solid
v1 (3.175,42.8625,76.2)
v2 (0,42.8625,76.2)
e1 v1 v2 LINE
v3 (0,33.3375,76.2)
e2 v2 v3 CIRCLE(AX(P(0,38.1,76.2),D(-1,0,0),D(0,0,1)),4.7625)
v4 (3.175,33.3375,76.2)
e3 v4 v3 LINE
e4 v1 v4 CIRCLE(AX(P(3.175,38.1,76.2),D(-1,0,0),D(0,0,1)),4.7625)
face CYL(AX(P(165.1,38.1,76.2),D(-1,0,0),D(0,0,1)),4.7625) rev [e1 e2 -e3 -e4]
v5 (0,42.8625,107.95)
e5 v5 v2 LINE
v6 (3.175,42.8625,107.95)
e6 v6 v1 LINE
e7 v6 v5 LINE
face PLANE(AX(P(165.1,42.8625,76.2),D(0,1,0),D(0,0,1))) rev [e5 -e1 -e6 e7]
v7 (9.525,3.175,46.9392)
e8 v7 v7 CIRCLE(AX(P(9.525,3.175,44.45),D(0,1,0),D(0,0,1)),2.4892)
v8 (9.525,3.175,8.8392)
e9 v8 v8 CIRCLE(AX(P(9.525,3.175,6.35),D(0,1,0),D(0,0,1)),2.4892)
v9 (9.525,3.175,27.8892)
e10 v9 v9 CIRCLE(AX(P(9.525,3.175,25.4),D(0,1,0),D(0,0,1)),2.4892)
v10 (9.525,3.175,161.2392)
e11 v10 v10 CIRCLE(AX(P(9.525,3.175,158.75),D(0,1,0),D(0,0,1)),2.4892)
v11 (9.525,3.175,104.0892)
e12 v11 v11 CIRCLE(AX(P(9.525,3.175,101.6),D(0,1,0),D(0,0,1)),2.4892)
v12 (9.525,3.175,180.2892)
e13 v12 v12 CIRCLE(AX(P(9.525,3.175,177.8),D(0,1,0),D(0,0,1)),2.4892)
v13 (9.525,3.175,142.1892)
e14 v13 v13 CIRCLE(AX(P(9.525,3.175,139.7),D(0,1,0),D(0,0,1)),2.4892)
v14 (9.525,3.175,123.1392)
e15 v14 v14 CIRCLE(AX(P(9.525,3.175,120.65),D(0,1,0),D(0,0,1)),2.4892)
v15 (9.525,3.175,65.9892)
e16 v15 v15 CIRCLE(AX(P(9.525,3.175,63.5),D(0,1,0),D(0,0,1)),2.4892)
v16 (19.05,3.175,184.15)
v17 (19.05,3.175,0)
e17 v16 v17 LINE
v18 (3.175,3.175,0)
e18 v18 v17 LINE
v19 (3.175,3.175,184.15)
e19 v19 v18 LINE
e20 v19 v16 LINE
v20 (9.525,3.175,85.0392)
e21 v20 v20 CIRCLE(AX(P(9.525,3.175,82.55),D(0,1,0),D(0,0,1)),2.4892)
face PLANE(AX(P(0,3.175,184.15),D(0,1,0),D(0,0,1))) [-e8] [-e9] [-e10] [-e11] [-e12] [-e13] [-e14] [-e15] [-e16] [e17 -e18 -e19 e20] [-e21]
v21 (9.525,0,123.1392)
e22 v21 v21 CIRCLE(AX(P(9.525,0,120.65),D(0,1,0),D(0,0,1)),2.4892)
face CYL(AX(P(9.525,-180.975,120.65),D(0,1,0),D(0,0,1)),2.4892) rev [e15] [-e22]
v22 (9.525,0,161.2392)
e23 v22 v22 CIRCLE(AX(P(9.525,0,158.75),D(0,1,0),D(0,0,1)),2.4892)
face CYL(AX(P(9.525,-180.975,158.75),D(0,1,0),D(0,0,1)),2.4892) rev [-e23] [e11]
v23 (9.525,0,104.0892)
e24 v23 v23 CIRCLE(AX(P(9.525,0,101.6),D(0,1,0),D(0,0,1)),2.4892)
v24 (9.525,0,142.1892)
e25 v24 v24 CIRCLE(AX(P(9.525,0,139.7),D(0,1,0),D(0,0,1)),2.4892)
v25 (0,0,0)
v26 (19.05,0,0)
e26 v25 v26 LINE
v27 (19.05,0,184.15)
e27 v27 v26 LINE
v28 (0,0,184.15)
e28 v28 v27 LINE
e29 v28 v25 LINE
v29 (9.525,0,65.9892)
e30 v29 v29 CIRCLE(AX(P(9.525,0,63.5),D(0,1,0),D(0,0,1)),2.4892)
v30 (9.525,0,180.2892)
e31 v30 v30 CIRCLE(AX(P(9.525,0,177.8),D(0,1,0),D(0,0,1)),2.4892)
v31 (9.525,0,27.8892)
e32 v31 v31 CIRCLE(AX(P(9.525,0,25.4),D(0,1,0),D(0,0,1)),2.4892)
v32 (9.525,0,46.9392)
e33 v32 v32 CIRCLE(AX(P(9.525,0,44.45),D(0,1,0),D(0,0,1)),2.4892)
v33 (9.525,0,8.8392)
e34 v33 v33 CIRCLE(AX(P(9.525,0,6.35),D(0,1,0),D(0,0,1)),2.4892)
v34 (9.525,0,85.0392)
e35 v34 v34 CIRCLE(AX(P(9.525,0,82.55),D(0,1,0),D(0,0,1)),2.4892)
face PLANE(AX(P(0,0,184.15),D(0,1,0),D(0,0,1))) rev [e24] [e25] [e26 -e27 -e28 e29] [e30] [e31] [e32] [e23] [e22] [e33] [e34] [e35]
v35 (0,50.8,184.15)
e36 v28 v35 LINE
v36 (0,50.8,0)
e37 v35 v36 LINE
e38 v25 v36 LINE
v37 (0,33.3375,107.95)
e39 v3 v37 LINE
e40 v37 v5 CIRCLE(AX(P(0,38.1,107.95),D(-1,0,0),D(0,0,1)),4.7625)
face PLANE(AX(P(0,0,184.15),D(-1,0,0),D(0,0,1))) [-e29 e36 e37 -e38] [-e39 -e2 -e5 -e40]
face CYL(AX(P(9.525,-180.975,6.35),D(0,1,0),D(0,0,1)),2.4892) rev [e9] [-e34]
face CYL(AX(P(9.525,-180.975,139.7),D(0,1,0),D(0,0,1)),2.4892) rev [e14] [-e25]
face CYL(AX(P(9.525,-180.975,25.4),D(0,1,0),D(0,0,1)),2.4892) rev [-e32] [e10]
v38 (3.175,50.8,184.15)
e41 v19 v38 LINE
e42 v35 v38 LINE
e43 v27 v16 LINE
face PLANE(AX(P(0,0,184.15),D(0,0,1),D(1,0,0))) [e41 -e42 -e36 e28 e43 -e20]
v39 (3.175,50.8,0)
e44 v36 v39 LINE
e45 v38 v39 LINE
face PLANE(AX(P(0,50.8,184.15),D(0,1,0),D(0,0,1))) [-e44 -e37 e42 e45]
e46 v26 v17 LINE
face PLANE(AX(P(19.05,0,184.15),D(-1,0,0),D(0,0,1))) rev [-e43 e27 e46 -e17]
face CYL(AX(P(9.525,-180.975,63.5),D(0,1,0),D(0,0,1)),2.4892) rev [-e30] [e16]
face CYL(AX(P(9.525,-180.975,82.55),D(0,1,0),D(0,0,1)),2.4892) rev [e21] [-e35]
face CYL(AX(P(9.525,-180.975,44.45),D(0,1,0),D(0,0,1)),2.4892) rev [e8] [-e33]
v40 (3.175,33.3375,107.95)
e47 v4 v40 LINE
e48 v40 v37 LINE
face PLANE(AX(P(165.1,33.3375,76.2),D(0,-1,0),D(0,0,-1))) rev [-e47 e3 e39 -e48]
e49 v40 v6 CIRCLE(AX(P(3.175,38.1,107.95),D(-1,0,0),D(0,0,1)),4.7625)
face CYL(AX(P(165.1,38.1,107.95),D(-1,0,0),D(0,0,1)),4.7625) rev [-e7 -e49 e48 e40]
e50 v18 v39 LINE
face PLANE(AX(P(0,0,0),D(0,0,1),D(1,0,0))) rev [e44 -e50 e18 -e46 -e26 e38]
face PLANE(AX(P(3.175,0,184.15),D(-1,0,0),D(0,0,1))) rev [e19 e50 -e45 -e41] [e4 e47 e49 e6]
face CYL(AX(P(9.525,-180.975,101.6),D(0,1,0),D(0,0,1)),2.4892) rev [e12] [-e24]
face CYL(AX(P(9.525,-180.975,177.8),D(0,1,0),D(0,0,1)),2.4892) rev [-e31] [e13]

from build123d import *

# Parameters (mm, degrees)
SKETCH1_W           = 3.175
SKETCH1_H           = 47.625
SKETCH1_H_2         = 3.175
SKETCH1_W_2         = 15.875
BOSS_EXTRUDE1_DEPTH = 184.15
SKETCH2_R           = 2.4892
CUT_EXTRUDE1_DEPTH  = 184.15
CUT_EXTRUDE2_DEPTH  = 165.1


with BuildPart() as part:
    # Sketch1 → Boss-Extrude1 (new body)
    with BuildSketch(Plane.XY):
        with Locations((1.5875, 26.9875)):
            Rectangle(SKETCH1_W, SKETCH1_H)
        with Locations((1.5875, 1.5875)):
            Rectangle(SKETCH1_W, SKETCH1_H_2)
        with Locations((11.1125, 1.5875)):
            Rectangle(SKETCH1_W_2, SKETCH1_H_2)
    extrude(amount=BOSS_EXTRUDE1_DEPTH)

    # Sketch2 → Cut-Extrude1 (cut)
    with BuildSketch(Plane(origin=(0, 3.175, 0), x_dir=(1, 0, 0), z_dir=(0, 1, 0))):
        with Locations(Location((9.525, -6.35, 0), (0, 0, 270))):
            Circle(SKETCH2_R)
        with Locations(Location((9.525, -25.4, 0), (0, 0, 270))):
            Circle(SKETCH2_R)
        with Locations(Location((9.525, -44.45, 0), (0, 0, 270))):
            Circle(SKETCH2_R)
        with Locations(Location((9.525, -63.5, 0), (0, 0, 270))):
            Circle(SKETCH2_R)
        with Locations(Location((9.525, -82.55, 0), (0, 0, 270))):
            Circle(SKETCH2_R)
        with Locations(Location((9.525, -101.6, 0), (0, 0, 270))):
            Circle(SKETCH2_R)
        with Locations(Location((9.525, -120.65, 0), (0, 0, 270))):
            Circle(SKETCH2_R)
        with Locations(Location((9.525, -139.7, 0), (0, 0, 270))):
            Circle(SKETCH2_R)
        with Locations(Location((9.525, -158.75, 0), (0, 0, 270))):
            Circle(SKETCH2_R)
        with Locations(Location((9.525, -177.8, 0), (0, 0, 270))):
            Circle(SKETCH2_R)
    extrude(amount=-CUT_EXTRUDE1_DEPTH, mode=Mode.SUBTRACT)

    # Sketch3 → Cut-Extrude2 (cut)
    with BuildSketch(Plane.ZY):
        with BuildLine():
            Line((76.2, 42.8625), (107.95, 42.8625))
            ThreePointArc((107.95, 42.8625), (112.7125, 38.1), (107.95, 33.3375))
            Line((107.95, 33.3375), (76.2, 33.3375))
            ThreePointArc((76.2, 33.3375), (71.4375, 38.1), (76.2, 42.8625))
        make_face()
    extrude(amount=-CUT_EXTRUDE2_DEPTH, mode=Mode.SUBTRACT)


solid = part.part
